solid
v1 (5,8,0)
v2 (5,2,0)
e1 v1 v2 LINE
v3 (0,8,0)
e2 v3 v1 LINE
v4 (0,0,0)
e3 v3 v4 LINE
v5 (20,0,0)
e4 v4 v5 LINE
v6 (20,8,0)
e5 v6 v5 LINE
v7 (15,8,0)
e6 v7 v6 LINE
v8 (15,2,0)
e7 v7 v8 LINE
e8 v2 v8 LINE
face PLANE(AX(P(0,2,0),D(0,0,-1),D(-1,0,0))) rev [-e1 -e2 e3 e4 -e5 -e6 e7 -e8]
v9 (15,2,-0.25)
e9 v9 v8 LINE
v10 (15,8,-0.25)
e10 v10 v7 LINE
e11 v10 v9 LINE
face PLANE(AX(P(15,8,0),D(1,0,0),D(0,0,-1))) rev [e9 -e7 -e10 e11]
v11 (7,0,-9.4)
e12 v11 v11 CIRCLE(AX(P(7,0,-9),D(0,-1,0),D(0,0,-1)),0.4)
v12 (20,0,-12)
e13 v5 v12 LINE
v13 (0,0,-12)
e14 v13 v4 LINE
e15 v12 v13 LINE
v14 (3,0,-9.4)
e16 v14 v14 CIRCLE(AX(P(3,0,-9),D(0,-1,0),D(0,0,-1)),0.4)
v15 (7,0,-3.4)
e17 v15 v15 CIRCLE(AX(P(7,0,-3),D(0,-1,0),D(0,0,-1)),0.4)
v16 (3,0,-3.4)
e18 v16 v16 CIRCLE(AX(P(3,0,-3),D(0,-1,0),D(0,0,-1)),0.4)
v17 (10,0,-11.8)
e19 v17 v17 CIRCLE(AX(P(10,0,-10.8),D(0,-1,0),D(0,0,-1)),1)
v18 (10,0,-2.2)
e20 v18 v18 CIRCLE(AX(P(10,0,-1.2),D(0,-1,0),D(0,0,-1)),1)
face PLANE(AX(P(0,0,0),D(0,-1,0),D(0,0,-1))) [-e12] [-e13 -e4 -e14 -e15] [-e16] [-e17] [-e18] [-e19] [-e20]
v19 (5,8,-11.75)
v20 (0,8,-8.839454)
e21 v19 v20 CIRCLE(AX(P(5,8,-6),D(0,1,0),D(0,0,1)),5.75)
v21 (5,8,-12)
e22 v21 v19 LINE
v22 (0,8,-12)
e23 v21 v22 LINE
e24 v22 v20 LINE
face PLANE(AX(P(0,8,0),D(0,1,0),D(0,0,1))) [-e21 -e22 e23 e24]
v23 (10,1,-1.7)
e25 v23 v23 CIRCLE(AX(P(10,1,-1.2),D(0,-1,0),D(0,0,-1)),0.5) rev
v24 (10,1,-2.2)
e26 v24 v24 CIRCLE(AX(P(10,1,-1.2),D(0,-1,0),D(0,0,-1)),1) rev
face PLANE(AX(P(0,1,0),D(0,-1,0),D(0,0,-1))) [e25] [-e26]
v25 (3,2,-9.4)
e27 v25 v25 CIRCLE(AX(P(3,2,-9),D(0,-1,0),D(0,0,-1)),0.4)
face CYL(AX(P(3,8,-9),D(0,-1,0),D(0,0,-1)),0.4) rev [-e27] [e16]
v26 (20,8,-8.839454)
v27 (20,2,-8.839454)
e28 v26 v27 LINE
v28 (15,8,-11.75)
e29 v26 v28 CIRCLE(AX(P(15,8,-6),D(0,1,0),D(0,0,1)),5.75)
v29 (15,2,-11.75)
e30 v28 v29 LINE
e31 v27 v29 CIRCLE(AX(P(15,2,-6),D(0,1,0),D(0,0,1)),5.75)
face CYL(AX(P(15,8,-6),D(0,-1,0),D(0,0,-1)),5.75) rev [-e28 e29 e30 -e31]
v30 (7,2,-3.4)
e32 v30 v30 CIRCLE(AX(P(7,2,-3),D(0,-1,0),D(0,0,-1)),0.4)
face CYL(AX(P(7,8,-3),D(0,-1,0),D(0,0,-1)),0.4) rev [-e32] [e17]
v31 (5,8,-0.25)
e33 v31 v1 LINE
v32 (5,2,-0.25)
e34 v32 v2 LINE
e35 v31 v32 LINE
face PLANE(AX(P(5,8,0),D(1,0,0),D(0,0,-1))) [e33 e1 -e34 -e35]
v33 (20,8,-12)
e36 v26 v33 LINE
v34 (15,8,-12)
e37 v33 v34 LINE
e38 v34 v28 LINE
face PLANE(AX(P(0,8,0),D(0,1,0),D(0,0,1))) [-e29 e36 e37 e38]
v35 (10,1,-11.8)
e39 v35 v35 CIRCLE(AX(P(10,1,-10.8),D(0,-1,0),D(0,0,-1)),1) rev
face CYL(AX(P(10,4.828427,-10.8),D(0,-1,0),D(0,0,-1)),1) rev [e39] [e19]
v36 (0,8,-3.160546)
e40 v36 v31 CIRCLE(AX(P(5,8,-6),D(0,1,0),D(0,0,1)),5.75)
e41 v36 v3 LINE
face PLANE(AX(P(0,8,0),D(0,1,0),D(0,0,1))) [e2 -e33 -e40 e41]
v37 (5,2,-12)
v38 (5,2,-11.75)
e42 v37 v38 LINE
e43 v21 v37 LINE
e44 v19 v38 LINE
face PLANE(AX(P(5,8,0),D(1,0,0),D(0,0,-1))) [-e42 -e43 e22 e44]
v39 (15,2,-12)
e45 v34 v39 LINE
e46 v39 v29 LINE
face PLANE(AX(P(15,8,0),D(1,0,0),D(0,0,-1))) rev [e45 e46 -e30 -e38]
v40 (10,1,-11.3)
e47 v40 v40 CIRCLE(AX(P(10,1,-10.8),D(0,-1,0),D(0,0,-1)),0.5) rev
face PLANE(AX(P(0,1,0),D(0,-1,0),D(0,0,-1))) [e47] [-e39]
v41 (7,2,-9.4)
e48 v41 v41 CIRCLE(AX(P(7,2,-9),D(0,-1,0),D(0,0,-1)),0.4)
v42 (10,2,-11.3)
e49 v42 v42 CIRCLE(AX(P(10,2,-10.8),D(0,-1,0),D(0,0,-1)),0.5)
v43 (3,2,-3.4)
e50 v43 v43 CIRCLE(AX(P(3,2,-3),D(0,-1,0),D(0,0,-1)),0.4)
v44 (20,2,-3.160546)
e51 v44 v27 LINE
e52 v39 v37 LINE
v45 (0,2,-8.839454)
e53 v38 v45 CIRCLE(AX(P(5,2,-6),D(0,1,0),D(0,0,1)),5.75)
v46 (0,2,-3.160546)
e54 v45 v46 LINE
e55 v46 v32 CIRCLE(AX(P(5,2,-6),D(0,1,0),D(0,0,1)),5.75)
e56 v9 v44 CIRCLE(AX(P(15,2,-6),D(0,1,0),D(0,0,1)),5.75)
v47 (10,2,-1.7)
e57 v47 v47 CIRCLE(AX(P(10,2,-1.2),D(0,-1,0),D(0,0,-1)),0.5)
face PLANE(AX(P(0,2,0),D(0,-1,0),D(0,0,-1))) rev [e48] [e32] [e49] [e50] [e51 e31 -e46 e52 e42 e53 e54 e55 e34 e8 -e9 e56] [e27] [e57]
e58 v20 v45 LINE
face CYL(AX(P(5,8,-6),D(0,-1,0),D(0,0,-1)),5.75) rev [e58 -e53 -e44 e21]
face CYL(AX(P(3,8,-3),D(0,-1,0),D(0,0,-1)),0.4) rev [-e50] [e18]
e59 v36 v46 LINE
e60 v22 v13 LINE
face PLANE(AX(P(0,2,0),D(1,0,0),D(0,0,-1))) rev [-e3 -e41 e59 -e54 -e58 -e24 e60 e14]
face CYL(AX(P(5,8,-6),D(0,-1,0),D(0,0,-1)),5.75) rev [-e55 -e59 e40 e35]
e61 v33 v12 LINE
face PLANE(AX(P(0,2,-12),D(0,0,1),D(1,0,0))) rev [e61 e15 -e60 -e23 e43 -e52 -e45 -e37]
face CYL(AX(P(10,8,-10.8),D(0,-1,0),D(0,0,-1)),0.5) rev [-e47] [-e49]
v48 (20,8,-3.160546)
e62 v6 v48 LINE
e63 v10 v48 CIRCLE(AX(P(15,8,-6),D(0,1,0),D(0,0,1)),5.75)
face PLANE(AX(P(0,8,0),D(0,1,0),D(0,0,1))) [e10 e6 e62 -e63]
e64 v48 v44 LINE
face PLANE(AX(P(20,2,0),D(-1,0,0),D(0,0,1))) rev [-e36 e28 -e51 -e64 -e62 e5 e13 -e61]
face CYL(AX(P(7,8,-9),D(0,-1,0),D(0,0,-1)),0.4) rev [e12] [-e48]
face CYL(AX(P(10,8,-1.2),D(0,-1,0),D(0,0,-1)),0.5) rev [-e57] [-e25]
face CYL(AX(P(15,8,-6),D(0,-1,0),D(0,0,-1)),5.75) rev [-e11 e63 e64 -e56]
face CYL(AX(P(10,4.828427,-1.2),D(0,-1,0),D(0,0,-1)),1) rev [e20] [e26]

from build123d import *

# Parameters (mm, degrees)
SKETCH_1_W          = 20
SKETCH_1_H          = 12
EXTRUDE_1_DEPTH     = 2
EXTRUDE_2_DEPTH     = 6
SKETCH_5_R          = 0.5
CUT_EXTRUDE_1_DEPTH = 25.657656012
SKETCH_5_3_R        = 1
CUT_EXTRUDE_2_DEPTH = 1
SKETCH_6_R          = 0.4
CUT_EXTRUDE_3_DEPTH = 25.657656012


with BuildPart() as part:
    # 草图1 → 凸台-拉伸1 (new body)
    with BuildSketch(Plane(origin=(0, 0, 0), x_dir=(1, 0, 0), z_dir=(0, 1, 0))):
        with Locations((10, 6)):
            Rectangle(SKETCH_1_W, SKETCH_1_H)
    extrude(amount=EXTRUDE_1_DEPTH)

    # 草图4 → 凸台-拉伸2 (add)
    with BuildSketch(Plane(origin=(0, 2, 0), x_dir=(1, 0, 0), z_dir=(0, 1, 0))):
        with BuildLine():
            Line((5, 11.75), (5, 12))
            Line((5, 12), (0, 12))
            Line((0, 12), (0, 8.839454173))
            ThreePointArc((0, 8.839454173), (2.107281684, 10.969374281), (5, 11.75))
        make_face()
        with BuildLine():
            Line((5, 0), (5, 0.25))
            ThreePointArc((5, 0.25), (2.107281684, 1.030625719), (0, 3.160545827))
            Line((0, 3.160545827), (0, 0))
            Line((0, 0), (5, 0))
        make_face()
        with BuildLine():
            Line((20, 12), (15, 12))
            Line((15, 12), (15, 11.75))
            ThreePointArc((15, 11.75), (17.892718316, 10.969374281), (20, 8.839454173))
            Line((20, 8.839454173), (20, 12))
        make_face()
        with BuildLine():
            ThreePointArc((20, 3.160545827), (17.892718316, 1.030625719), (15, 0.25))
            Line((15, 0.25), (15, 0))
            Line((15, 0), (20, 0))
            Line((20, 0), (20, 3.160545827))
        make_face()
    extrude(amount=EXTRUDE_2_DEPTH)

    # 草图5 → 切除-拉伸1 (cut, through all)
    with BuildSketch(Plane.XZ):
        with Locations(Location((10, -1.2, 0), (0, 0, 270))):
            Circle(SKETCH_5_R)
        with Locations(Location((10, -10.8, 0), (0, 0, 270))):
            Circle(SKETCH_5_R)
    extrude(amount=-CUT_EXTRUDE_1_DEPTH, mode=Mode.SUBTRACT)

    # 草图5<3> → 切除-拉伸2 (cut)
    with BuildSketch(Plane.XZ):
        with Locations(Location((10, -1.2, 0), (0, 0, 270))):
            Circle(SKETCH_5_3_R)
        with Locations(Location((10, -10.8, 0), (0, 0, 270))):
            Circle(SKETCH_5_3_R)
    extrude(amount=-CUT_EXTRUDE_2_DEPTH, mode=Mode.SUBTRACT)

    # 草图6 → 切除-拉伸3 (cut, through all)
    with BuildSketch(Plane.XZ):
        with Locations(Location((3, -3, 0), (0, 0, 270))):
            Circle(SKETCH_6_R)
        with Locations(Location((3, -9, 0), (0, 0, 270))):
            Circle(SKETCH_6_R)
        with Locations(Location((7, -9, 0), (0, 0, 270))):
            Circle(SKETCH_6_R)
        with Locations(Location((7, -3, 0), (0, 0, 270))):
            Circle(SKETCH_6_R)
    extrude(amount=-CUT_EXTRUDE_3_DEPTH, mode=Mode.SUBTRACT)


solid = part.part
